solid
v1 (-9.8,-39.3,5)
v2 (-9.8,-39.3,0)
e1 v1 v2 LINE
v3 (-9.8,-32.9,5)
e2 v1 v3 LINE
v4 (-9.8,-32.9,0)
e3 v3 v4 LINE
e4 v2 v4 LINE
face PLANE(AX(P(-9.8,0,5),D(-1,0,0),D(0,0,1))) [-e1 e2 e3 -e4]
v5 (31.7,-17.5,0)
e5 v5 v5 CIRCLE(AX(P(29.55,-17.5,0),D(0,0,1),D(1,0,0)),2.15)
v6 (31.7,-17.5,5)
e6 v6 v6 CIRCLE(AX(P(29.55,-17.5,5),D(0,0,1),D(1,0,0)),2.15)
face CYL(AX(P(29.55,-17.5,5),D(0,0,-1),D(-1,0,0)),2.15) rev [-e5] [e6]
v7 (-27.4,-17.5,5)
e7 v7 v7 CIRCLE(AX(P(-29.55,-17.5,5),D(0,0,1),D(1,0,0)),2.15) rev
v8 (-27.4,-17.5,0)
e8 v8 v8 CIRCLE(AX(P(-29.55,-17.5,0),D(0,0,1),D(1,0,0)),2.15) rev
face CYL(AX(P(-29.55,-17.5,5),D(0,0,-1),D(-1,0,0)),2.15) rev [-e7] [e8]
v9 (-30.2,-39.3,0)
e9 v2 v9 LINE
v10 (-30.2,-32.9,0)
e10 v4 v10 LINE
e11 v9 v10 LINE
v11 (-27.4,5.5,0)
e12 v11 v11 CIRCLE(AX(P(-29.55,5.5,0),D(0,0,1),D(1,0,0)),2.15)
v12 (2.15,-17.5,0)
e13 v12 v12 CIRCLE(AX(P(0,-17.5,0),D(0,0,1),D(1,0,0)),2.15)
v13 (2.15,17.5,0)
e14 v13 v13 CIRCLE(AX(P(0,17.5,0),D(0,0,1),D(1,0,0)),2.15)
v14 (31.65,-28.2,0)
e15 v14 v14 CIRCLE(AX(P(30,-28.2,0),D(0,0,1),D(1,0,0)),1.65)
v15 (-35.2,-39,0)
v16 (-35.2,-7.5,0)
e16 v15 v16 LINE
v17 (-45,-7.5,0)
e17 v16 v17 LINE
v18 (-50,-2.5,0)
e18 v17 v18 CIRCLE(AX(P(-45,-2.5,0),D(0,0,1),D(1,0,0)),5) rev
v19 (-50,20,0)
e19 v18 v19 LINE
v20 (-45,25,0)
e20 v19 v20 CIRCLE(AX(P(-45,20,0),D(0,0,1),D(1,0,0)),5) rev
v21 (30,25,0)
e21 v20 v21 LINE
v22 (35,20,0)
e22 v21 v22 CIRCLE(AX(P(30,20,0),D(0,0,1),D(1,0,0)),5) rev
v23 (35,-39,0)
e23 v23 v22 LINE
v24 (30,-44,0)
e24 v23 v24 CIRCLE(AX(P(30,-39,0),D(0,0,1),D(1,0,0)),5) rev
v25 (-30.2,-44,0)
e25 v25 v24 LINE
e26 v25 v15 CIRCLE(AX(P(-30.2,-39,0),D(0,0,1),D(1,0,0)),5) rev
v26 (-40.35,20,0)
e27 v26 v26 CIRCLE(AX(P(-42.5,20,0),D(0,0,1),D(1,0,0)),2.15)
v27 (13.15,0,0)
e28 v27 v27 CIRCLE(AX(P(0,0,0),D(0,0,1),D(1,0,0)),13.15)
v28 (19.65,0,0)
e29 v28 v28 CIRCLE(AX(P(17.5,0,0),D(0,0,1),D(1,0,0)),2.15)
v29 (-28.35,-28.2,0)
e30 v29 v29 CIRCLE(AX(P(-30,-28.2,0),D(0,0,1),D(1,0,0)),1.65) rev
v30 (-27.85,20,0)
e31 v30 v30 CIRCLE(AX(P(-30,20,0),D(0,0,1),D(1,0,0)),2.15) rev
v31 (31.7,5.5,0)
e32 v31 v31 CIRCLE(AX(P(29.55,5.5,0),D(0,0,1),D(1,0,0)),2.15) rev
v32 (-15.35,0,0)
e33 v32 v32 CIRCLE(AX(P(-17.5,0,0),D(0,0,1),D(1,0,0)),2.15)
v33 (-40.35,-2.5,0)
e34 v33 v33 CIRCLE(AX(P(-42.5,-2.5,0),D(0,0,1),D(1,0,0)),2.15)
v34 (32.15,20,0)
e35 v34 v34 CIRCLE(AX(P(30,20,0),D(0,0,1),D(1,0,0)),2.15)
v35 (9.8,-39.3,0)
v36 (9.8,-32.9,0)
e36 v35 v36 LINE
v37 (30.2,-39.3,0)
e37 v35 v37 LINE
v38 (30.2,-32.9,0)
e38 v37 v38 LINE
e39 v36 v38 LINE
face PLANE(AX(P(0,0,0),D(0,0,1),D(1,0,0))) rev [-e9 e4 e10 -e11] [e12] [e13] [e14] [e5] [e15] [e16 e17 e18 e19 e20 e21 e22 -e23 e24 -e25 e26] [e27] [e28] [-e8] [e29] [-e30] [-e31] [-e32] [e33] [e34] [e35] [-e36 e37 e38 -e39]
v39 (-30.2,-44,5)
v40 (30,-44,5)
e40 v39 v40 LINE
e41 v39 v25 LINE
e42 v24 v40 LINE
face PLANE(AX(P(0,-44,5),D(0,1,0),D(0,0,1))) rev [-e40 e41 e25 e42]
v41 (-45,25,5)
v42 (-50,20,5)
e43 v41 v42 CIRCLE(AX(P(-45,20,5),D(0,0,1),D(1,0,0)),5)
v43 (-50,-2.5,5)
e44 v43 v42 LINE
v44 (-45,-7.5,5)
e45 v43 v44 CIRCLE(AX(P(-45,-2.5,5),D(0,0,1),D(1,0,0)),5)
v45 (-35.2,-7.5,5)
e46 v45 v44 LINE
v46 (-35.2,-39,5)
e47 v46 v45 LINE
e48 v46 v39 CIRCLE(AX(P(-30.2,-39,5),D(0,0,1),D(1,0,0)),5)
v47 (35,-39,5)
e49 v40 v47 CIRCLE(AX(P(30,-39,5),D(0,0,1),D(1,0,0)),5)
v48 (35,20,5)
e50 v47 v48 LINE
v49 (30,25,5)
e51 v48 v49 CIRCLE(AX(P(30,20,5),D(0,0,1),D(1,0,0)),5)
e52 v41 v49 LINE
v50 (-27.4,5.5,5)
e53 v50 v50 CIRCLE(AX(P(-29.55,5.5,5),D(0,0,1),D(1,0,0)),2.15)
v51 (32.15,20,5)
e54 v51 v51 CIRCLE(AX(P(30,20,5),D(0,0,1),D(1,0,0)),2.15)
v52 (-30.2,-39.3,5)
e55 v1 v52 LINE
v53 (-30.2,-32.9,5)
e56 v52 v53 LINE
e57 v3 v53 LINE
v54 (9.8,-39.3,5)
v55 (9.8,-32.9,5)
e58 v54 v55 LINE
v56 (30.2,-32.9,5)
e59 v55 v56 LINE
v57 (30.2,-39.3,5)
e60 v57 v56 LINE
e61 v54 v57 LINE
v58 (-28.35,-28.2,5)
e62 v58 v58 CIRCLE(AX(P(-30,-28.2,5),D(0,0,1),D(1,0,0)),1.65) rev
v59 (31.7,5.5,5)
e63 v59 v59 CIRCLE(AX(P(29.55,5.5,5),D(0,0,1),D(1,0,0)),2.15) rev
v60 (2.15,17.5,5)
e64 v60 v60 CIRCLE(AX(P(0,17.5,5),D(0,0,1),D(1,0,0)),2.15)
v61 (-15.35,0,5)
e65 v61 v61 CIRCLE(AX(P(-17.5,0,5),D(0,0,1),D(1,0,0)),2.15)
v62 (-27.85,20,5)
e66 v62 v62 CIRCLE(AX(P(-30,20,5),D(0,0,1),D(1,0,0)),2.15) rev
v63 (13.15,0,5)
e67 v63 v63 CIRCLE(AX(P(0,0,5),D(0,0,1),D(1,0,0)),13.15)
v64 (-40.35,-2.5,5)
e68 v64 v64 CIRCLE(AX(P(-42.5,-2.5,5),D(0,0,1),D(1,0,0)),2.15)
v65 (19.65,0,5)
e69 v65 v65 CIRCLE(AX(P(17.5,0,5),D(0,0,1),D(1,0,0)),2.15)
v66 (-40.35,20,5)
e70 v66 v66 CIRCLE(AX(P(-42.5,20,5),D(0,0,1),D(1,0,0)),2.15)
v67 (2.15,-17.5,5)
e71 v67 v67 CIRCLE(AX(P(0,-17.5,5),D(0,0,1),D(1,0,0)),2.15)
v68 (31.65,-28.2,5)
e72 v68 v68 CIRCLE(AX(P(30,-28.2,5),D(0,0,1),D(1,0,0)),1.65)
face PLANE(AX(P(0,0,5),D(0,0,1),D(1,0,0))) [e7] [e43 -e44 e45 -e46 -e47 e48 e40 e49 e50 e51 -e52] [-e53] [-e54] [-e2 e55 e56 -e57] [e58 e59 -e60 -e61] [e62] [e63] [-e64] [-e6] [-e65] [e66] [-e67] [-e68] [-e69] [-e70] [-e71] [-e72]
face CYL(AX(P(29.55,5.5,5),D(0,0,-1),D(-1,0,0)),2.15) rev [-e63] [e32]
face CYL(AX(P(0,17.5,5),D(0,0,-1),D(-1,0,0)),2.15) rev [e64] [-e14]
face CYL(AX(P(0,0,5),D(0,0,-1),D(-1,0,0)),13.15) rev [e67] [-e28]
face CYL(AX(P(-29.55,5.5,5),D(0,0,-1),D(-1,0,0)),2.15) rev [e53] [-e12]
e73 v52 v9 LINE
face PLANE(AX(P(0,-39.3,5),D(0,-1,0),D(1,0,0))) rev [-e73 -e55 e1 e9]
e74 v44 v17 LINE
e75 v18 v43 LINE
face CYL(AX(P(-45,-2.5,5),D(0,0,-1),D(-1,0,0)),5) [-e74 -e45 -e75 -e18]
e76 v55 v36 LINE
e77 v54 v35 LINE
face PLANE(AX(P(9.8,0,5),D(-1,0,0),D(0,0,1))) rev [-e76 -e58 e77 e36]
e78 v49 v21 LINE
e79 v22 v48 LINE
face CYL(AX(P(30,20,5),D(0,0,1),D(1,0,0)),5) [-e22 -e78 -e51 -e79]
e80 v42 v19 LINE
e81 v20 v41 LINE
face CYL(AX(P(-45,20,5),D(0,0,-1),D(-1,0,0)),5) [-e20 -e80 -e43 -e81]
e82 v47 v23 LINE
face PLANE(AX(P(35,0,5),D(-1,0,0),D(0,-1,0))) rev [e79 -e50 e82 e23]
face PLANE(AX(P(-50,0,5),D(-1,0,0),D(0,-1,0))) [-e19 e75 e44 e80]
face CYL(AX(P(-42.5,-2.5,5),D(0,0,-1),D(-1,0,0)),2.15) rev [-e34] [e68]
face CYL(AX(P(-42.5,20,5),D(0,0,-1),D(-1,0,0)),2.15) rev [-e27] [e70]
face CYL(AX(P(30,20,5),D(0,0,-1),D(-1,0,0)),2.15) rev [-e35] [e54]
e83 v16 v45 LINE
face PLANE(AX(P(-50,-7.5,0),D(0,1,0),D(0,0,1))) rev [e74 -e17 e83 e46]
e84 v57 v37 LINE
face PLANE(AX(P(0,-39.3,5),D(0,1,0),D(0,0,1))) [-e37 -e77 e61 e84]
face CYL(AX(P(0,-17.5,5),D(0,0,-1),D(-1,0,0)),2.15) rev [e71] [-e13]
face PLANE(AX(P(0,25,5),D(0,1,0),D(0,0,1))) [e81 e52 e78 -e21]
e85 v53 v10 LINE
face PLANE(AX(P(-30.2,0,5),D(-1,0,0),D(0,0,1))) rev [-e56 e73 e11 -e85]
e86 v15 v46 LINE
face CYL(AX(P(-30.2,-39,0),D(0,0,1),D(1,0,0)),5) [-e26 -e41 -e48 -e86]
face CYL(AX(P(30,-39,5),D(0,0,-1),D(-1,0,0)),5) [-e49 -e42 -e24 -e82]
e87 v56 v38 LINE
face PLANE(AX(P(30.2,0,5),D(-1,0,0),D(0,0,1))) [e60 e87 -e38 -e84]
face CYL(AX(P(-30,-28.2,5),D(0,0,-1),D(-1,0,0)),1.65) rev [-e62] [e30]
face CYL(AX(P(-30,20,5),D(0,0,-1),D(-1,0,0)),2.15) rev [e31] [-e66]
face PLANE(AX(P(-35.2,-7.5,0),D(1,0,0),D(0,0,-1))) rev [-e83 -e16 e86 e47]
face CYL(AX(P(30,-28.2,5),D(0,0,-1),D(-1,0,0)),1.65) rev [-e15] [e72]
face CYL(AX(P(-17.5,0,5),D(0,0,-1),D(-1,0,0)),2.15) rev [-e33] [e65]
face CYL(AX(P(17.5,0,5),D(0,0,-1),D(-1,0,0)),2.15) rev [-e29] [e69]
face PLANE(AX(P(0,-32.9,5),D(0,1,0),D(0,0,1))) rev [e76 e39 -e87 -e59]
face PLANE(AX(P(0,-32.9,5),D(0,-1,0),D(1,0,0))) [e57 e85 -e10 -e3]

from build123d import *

# Parameters (mm, degrees)
SKETCH_1_W          = 70
SKETCH_1_H          = 69
SKETCH_1_R          = 1.65
SKETCH_1_W_2        = 20.4
SKETCH_1_H_2        = 6.4
SKETCH_1_R_2        = 2.15
SKETCH_1_R_3        = 13.15
SKETCH_1_W_3        = 15
EXTRUDE_1_DEPTH     = 5
SKETCH_2_W          = 14.8
SKETCH_2_H          = 36.5
CUT_EXTRUDE_1_DEPTH = 67.790717918
FILLET_1_R          = 5


with BuildPart() as part:
    # ｽｹｯﾁ1 → ﾎﾞｽ - 押し出し1 (new body)
    # profile 1 of 2: a face of its own
    with BuildSketch(Plane.XY):
        with Locations((0, -9.5)):
            Rectangle(SKETCH_1_W, SKETCH_1_H)
        with Locations((-30, -28.2)):
            Circle(SKETCH_1_R, mode=Mode.SUBTRACT)
        with Locations((-20, -36.1)):
            Rectangle(SKETCH_1_W_2, SKETCH_1_H_2, mode=Mode.SUBTRACT)
        with Locations((-29.55, -17.5)):
            Circle(SKETCH_1_R_2, mode=Mode.SUBTRACT)
        with Locations((20, -36.1)):
            Rectangle(SKETCH_1_W_2, SKETCH_1_H_2, mode=Mode.SUBTRACT)
        with Locations((30, -28.2)):
            Circle(SKETCH_1_R, mode=Mode.SUBTRACT)
        with Locations((0, -17.5)):
            Circle(SKETCH_1_R_2, mode=Mode.SUBTRACT)
        with Locations((29.55, -17.5)):
            Circle(SKETCH_1_R_2, mode=Mode.SUBTRACT)
        with Locations((-29.55, 5.5)):
            Circle(SKETCH_1_R_2, mode=Mode.SUBTRACT)
        with Locations((-17.5, 0)):
            Circle(SKETCH_1_R_2, mode=Mode.SUBTRACT)
        with Locations((-30, 20)):
            Circle(SKETCH_1_R_2, mode=Mode.SUBTRACT)
        Circle(SKETCH_1_R_3, mode=Mode.SUBTRACT)
        with Locations((17.5, 0)):
            Circle(SKETCH_1_R_2, mode=Mode.SUBTRACT)
        with Locations((29.55, 5.5)):
            Circle(SKETCH_1_R_2, mode=Mode.SUBTRACT)
        with Locations((0, 17.5)):
            Circle(SKETCH_1_R_2, mode=Mode.SUBTRACT)
        with Locations((30, 20)):
            Circle(SKETCH_1_R_2, mode=Mode.SUBTRACT)
    # profile 2 of 2: a face of its own
    with BuildSketch(Plane.XY):
        with Locations((-42.5, -9.5)):
            Rectangle(SKETCH_1_W_3, SKETCH_1_H)
        with Locations((-42.5, -2.5)):
            Circle(SKETCH_1_R_2, mode=Mode.SUBTRACT)
        with Locations((-42.5, 20)):
            Circle(SKETCH_1_R_2, mode=Mode.SUBTRACT)
    extrude(amount=EXTRUDE_1_DEPTH)

    # ｽｹｯﾁ2 → ｶｯﾄ - 押し出し1 (cut, through all)
    with BuildSketch(Plane.XY.offset(5)):
        with Locations((-42.6, -25.75)):
            Rectangle(SKETCH_2_W, SKETCH_2_H)
    extrude(amount=-CUT_EXTRUDE_1_DEPTH, mode=Mode.SUBTRACT)

    # ﾌｨﾚｯﾄ1
    fillet_1_edges = [part.edges().sort_by_distance(p)[0] for p in [
        (-50, 25, 2.5),
        (35, 25, 2.5),
        (35, -44, 2.5),
        (-50, -7.5, 2.5),
        (-35.2, -44, 2.5),
    ]]
    fillet(fillet_1_edges, radius=FILLET_1_R)


solid = part.part
